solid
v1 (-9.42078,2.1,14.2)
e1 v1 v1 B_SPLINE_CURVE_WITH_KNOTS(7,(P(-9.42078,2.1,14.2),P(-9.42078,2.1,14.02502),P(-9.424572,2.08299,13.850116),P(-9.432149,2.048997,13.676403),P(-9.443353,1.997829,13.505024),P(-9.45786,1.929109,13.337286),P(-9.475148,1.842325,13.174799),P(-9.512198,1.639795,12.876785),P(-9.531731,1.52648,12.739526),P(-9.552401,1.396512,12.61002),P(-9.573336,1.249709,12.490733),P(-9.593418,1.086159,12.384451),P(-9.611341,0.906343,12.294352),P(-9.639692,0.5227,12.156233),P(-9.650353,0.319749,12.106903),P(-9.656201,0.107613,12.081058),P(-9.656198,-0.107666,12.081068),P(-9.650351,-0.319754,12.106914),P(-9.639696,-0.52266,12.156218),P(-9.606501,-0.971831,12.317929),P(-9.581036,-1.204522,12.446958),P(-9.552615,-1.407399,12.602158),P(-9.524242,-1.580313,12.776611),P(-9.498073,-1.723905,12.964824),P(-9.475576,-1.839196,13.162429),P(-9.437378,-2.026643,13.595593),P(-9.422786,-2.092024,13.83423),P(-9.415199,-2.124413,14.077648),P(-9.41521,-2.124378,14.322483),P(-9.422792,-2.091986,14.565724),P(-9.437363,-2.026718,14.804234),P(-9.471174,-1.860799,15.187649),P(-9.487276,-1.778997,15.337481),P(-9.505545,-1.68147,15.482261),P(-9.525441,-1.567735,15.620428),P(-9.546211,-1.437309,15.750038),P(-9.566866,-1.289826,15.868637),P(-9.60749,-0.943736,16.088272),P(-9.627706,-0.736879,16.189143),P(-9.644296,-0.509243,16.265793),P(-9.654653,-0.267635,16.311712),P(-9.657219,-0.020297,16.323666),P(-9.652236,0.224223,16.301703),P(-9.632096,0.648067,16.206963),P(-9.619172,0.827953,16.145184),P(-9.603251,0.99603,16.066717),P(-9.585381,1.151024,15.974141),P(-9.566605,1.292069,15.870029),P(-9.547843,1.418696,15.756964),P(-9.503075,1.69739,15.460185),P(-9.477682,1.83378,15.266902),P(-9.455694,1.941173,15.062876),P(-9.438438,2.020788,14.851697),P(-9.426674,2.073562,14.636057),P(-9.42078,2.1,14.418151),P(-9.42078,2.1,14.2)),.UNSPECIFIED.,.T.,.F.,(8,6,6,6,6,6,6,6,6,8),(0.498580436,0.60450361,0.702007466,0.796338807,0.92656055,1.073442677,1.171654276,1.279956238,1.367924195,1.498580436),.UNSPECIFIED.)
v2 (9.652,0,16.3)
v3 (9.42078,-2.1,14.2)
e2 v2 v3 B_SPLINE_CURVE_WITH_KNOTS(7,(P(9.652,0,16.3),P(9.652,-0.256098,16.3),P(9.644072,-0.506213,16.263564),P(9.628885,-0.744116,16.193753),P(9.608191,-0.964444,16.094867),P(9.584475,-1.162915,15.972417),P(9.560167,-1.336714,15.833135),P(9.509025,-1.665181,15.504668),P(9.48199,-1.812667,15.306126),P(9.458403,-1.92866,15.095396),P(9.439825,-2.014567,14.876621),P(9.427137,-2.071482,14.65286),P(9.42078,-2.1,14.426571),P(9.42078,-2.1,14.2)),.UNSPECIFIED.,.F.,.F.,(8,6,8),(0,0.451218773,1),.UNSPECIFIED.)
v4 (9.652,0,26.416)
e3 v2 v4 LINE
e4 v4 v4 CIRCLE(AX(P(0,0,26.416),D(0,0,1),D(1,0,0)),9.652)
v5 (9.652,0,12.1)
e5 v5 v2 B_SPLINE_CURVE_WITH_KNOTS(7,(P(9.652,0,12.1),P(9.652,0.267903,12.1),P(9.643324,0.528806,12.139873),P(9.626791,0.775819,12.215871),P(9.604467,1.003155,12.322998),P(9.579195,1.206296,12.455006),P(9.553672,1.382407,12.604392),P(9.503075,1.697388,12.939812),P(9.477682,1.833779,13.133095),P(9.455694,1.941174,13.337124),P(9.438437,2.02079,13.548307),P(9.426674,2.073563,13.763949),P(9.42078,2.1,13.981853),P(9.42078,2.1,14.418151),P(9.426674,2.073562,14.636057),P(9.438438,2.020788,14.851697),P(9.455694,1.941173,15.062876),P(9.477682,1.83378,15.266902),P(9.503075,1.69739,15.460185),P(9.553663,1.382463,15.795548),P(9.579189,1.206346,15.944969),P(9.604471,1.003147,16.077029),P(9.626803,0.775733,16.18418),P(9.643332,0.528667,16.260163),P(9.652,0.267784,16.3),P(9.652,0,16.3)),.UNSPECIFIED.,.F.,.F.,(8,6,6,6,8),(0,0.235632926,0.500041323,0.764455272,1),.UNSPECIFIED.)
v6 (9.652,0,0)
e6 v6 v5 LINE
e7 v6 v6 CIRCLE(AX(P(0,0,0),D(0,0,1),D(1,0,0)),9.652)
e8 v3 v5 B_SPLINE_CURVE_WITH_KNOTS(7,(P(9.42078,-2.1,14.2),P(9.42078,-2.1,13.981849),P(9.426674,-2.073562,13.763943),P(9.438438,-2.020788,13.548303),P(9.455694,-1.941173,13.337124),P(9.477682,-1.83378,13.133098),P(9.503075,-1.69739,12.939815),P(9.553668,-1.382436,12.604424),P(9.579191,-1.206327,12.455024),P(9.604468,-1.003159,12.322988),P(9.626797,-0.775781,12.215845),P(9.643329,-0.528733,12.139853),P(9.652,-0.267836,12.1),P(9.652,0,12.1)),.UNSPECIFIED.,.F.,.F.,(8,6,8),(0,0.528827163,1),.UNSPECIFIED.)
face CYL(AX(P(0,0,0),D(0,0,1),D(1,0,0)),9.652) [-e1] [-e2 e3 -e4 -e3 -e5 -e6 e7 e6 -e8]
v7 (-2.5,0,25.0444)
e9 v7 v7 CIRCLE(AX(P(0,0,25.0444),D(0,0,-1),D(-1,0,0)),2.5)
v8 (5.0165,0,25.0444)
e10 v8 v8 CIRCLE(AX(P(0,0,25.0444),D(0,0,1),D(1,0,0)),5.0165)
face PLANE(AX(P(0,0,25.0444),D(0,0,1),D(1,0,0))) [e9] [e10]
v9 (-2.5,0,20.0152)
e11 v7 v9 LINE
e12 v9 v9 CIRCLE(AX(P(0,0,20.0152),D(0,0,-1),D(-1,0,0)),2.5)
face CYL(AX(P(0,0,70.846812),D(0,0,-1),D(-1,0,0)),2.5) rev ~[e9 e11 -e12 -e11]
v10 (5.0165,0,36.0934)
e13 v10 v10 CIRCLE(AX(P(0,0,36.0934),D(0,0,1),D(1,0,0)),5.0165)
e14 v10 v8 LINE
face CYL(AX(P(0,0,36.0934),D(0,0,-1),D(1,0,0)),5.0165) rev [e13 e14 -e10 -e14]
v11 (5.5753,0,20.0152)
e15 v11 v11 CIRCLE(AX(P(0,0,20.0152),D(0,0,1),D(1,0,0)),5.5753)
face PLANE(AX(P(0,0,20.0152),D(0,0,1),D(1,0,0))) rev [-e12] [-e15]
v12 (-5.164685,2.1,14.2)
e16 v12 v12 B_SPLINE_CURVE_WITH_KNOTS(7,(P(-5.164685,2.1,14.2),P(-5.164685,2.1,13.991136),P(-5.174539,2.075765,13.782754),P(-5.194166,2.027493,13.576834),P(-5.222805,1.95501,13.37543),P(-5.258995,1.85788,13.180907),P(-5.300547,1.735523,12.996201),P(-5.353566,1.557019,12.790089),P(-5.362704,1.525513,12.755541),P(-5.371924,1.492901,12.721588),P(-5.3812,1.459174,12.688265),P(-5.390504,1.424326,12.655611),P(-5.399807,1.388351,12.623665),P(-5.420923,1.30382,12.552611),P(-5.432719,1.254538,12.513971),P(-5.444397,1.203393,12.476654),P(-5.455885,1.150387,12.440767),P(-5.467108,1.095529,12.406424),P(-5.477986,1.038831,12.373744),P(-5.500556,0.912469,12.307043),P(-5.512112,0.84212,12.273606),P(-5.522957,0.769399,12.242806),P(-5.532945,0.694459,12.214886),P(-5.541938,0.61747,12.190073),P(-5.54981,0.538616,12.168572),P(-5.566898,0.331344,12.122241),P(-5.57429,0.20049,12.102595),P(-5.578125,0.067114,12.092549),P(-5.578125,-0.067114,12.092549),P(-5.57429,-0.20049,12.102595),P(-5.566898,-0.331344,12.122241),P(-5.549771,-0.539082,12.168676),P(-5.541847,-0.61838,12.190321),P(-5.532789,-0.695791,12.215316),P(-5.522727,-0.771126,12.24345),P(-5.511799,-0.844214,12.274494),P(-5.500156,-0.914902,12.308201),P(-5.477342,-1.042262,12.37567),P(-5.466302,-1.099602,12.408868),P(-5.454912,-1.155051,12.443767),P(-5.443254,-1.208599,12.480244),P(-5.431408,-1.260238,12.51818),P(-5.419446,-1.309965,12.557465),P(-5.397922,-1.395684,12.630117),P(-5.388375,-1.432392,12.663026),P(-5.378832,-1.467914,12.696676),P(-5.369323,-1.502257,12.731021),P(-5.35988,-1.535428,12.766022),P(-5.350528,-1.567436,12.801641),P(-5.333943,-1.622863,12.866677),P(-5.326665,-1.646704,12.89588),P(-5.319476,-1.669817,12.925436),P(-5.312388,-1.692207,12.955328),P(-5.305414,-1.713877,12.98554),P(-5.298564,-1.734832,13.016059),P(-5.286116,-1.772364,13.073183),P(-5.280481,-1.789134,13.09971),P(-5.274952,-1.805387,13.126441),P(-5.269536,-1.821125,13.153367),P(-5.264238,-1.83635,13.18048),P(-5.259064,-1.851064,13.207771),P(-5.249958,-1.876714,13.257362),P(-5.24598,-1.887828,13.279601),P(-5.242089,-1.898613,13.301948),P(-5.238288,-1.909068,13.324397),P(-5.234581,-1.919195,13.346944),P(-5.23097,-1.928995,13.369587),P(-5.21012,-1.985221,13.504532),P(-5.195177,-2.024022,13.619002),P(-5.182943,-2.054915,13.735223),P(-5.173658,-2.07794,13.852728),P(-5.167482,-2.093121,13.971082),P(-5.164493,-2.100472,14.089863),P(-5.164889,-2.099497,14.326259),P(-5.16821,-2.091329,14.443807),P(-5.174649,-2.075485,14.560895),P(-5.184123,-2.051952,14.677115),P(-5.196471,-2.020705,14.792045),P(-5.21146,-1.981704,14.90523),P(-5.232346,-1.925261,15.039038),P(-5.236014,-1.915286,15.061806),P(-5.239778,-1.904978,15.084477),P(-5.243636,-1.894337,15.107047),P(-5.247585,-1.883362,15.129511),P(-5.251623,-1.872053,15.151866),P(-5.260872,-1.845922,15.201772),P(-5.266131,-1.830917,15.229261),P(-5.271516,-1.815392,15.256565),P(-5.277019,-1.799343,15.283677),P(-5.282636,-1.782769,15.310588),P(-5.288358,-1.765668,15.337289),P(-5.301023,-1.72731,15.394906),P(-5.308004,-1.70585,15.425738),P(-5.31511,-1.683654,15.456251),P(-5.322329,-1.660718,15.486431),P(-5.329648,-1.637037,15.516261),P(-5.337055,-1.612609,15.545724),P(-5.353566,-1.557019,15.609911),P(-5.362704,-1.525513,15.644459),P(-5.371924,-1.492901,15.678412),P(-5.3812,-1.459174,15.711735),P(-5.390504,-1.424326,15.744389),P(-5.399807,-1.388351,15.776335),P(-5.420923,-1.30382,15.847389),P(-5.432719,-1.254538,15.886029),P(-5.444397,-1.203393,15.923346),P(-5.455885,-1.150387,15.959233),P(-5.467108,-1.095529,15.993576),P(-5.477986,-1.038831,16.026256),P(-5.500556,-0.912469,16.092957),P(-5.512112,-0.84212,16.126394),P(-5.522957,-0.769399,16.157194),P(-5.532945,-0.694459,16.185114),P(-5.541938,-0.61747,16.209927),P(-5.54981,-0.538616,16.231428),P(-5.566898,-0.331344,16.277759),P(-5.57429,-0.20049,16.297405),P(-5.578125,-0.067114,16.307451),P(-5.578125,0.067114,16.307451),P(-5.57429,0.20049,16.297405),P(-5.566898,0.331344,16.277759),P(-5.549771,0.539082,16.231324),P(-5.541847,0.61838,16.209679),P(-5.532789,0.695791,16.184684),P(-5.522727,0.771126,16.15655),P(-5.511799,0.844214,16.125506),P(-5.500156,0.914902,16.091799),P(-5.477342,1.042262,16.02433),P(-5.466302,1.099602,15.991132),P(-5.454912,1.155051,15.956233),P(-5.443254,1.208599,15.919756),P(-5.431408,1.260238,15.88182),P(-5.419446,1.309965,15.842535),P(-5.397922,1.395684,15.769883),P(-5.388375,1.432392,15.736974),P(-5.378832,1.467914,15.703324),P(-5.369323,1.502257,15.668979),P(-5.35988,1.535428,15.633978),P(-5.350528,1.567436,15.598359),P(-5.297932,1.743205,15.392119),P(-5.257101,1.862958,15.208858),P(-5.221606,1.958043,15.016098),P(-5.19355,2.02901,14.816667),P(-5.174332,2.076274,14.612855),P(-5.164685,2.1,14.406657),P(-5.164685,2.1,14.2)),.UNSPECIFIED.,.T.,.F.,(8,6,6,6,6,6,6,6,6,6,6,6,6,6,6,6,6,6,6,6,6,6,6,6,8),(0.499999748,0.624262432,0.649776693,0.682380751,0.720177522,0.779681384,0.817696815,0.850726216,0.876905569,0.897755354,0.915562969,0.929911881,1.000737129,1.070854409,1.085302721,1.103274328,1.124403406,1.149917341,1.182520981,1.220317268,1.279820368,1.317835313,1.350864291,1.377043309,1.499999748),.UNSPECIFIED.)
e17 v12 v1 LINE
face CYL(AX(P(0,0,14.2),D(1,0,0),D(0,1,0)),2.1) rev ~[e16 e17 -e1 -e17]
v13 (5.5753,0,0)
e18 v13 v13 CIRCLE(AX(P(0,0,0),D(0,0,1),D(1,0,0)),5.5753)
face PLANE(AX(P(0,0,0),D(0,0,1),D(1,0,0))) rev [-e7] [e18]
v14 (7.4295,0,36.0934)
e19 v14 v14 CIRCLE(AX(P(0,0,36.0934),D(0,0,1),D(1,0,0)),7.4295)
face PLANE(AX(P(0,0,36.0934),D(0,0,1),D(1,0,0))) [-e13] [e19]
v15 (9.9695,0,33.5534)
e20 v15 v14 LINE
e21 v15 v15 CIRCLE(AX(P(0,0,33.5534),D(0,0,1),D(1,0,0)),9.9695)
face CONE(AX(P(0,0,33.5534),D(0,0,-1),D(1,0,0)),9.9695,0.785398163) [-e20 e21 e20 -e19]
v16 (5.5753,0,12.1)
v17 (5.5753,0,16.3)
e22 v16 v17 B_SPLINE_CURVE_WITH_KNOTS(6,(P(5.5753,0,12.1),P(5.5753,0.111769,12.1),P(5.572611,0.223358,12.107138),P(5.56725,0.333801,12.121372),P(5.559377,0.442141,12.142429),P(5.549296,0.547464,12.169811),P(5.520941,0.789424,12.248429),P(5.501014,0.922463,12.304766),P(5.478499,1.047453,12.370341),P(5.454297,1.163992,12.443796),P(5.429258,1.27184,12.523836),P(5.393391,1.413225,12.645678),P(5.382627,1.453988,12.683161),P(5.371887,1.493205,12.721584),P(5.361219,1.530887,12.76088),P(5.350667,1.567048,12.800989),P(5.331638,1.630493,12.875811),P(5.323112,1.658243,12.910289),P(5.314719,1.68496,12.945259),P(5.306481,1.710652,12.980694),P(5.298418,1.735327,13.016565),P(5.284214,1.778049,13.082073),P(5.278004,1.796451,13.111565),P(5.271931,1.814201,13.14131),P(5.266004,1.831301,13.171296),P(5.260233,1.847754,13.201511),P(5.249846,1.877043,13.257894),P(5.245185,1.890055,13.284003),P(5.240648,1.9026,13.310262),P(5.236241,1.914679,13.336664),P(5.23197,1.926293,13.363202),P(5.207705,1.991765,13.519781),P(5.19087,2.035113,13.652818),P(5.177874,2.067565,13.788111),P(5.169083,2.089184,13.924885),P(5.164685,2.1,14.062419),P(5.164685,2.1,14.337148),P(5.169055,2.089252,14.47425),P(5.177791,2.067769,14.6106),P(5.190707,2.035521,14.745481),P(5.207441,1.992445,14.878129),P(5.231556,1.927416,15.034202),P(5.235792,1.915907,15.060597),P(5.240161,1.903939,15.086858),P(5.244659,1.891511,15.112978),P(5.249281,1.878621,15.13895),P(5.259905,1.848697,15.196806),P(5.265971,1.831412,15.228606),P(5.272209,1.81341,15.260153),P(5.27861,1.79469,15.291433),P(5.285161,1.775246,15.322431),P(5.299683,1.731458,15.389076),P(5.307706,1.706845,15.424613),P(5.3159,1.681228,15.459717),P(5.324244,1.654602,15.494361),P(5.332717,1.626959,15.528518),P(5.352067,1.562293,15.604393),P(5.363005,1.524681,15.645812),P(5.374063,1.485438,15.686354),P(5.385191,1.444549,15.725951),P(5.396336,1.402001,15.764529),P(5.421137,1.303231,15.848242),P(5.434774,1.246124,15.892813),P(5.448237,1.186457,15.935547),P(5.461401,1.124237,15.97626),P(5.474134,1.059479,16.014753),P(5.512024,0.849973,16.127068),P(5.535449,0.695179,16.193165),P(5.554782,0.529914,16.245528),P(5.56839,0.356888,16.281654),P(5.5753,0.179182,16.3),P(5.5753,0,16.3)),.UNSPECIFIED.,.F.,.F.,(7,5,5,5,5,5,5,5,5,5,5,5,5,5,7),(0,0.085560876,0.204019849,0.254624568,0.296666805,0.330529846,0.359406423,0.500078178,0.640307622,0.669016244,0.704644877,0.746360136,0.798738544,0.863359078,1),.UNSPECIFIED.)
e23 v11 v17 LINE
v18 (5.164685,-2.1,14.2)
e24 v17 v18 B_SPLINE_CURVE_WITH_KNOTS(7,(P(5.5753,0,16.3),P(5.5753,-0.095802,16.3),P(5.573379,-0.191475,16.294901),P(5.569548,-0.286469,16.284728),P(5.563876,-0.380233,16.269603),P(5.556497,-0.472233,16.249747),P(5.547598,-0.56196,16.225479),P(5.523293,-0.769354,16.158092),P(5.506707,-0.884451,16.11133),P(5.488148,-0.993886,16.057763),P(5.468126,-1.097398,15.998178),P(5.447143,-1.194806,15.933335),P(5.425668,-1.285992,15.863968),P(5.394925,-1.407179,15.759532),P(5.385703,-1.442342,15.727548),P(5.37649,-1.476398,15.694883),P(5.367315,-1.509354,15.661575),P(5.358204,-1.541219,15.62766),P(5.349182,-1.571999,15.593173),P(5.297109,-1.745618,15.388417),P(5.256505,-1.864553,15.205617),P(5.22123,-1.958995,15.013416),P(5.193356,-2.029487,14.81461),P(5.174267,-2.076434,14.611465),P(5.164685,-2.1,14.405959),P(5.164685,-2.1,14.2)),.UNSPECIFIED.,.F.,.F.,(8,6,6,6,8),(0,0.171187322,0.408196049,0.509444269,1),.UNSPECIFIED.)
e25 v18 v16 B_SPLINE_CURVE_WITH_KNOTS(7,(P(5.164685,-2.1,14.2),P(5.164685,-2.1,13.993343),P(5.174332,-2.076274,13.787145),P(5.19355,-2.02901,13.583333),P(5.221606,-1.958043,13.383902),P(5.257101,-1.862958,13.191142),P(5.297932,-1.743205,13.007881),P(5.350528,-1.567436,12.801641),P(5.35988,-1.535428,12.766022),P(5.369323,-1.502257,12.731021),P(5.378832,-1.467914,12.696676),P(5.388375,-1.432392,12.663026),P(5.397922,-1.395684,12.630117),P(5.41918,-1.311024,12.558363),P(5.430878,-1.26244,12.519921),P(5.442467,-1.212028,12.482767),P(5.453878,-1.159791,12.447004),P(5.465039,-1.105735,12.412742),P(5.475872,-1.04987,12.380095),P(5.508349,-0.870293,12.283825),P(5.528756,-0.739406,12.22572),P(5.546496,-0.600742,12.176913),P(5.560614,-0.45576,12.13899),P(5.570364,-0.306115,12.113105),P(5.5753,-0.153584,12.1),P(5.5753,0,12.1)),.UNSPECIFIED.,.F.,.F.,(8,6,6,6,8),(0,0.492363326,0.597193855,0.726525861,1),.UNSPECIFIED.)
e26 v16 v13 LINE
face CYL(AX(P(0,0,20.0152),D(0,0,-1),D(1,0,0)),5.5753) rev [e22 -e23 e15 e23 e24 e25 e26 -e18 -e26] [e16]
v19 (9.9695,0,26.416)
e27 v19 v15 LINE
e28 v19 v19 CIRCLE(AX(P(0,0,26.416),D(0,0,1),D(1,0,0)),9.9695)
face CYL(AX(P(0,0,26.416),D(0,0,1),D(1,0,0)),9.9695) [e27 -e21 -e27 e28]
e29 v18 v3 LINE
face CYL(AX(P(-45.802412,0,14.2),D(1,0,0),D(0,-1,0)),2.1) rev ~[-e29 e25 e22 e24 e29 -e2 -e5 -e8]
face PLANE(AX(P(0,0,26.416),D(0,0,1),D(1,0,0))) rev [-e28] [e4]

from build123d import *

# Parameters (mm, degrees)
F4_D     = 5
F5_D     = 4.2
F5_DEPTH = 9.9705
F6_D     = 4.2


with BuildPart() as f1:
    # F0 (on Front) → F1 (revolve)
    with BuildSketch(Plane.XZ):
        Polygon((5.5753, 20.0152), (5.5753, 0), (9.652, 0), (9.652, 26.416), (9.9695, 26.416), (9.9695, 33.5534), (7.4295, 36.0934), (5.0165, 36.0934), (5.0165, 25.0444), (0, 25.0444), (0, 20.0152), align=None)
    revolve(axis=Axis((0, 0, 18.0467), (0, 0, 1)))

    # F4 (through all)
    with Locations(Plane.XY.offset(25.0444)):
        with Locations((0, 0)):
            Hole(F4_D / 2)

    # F5 (through all, one way)
    with BuildSketch(Plane.YZ):
        with Locations((0, 14.2)):
            Circle(F5_D / 2)
    extrude(amount=-F5_DEPTH, mode=Mode.SUBTRACT)

    # F6 (through all)
    with Locations(Plane(origin=(0, 0, 0), x_dir=(0, 1, 0), z_dir=(-1, 0, 0))):
        with Locations((0, -14.2)):
            Hole(F6_D / 2)


solid = f1.part
